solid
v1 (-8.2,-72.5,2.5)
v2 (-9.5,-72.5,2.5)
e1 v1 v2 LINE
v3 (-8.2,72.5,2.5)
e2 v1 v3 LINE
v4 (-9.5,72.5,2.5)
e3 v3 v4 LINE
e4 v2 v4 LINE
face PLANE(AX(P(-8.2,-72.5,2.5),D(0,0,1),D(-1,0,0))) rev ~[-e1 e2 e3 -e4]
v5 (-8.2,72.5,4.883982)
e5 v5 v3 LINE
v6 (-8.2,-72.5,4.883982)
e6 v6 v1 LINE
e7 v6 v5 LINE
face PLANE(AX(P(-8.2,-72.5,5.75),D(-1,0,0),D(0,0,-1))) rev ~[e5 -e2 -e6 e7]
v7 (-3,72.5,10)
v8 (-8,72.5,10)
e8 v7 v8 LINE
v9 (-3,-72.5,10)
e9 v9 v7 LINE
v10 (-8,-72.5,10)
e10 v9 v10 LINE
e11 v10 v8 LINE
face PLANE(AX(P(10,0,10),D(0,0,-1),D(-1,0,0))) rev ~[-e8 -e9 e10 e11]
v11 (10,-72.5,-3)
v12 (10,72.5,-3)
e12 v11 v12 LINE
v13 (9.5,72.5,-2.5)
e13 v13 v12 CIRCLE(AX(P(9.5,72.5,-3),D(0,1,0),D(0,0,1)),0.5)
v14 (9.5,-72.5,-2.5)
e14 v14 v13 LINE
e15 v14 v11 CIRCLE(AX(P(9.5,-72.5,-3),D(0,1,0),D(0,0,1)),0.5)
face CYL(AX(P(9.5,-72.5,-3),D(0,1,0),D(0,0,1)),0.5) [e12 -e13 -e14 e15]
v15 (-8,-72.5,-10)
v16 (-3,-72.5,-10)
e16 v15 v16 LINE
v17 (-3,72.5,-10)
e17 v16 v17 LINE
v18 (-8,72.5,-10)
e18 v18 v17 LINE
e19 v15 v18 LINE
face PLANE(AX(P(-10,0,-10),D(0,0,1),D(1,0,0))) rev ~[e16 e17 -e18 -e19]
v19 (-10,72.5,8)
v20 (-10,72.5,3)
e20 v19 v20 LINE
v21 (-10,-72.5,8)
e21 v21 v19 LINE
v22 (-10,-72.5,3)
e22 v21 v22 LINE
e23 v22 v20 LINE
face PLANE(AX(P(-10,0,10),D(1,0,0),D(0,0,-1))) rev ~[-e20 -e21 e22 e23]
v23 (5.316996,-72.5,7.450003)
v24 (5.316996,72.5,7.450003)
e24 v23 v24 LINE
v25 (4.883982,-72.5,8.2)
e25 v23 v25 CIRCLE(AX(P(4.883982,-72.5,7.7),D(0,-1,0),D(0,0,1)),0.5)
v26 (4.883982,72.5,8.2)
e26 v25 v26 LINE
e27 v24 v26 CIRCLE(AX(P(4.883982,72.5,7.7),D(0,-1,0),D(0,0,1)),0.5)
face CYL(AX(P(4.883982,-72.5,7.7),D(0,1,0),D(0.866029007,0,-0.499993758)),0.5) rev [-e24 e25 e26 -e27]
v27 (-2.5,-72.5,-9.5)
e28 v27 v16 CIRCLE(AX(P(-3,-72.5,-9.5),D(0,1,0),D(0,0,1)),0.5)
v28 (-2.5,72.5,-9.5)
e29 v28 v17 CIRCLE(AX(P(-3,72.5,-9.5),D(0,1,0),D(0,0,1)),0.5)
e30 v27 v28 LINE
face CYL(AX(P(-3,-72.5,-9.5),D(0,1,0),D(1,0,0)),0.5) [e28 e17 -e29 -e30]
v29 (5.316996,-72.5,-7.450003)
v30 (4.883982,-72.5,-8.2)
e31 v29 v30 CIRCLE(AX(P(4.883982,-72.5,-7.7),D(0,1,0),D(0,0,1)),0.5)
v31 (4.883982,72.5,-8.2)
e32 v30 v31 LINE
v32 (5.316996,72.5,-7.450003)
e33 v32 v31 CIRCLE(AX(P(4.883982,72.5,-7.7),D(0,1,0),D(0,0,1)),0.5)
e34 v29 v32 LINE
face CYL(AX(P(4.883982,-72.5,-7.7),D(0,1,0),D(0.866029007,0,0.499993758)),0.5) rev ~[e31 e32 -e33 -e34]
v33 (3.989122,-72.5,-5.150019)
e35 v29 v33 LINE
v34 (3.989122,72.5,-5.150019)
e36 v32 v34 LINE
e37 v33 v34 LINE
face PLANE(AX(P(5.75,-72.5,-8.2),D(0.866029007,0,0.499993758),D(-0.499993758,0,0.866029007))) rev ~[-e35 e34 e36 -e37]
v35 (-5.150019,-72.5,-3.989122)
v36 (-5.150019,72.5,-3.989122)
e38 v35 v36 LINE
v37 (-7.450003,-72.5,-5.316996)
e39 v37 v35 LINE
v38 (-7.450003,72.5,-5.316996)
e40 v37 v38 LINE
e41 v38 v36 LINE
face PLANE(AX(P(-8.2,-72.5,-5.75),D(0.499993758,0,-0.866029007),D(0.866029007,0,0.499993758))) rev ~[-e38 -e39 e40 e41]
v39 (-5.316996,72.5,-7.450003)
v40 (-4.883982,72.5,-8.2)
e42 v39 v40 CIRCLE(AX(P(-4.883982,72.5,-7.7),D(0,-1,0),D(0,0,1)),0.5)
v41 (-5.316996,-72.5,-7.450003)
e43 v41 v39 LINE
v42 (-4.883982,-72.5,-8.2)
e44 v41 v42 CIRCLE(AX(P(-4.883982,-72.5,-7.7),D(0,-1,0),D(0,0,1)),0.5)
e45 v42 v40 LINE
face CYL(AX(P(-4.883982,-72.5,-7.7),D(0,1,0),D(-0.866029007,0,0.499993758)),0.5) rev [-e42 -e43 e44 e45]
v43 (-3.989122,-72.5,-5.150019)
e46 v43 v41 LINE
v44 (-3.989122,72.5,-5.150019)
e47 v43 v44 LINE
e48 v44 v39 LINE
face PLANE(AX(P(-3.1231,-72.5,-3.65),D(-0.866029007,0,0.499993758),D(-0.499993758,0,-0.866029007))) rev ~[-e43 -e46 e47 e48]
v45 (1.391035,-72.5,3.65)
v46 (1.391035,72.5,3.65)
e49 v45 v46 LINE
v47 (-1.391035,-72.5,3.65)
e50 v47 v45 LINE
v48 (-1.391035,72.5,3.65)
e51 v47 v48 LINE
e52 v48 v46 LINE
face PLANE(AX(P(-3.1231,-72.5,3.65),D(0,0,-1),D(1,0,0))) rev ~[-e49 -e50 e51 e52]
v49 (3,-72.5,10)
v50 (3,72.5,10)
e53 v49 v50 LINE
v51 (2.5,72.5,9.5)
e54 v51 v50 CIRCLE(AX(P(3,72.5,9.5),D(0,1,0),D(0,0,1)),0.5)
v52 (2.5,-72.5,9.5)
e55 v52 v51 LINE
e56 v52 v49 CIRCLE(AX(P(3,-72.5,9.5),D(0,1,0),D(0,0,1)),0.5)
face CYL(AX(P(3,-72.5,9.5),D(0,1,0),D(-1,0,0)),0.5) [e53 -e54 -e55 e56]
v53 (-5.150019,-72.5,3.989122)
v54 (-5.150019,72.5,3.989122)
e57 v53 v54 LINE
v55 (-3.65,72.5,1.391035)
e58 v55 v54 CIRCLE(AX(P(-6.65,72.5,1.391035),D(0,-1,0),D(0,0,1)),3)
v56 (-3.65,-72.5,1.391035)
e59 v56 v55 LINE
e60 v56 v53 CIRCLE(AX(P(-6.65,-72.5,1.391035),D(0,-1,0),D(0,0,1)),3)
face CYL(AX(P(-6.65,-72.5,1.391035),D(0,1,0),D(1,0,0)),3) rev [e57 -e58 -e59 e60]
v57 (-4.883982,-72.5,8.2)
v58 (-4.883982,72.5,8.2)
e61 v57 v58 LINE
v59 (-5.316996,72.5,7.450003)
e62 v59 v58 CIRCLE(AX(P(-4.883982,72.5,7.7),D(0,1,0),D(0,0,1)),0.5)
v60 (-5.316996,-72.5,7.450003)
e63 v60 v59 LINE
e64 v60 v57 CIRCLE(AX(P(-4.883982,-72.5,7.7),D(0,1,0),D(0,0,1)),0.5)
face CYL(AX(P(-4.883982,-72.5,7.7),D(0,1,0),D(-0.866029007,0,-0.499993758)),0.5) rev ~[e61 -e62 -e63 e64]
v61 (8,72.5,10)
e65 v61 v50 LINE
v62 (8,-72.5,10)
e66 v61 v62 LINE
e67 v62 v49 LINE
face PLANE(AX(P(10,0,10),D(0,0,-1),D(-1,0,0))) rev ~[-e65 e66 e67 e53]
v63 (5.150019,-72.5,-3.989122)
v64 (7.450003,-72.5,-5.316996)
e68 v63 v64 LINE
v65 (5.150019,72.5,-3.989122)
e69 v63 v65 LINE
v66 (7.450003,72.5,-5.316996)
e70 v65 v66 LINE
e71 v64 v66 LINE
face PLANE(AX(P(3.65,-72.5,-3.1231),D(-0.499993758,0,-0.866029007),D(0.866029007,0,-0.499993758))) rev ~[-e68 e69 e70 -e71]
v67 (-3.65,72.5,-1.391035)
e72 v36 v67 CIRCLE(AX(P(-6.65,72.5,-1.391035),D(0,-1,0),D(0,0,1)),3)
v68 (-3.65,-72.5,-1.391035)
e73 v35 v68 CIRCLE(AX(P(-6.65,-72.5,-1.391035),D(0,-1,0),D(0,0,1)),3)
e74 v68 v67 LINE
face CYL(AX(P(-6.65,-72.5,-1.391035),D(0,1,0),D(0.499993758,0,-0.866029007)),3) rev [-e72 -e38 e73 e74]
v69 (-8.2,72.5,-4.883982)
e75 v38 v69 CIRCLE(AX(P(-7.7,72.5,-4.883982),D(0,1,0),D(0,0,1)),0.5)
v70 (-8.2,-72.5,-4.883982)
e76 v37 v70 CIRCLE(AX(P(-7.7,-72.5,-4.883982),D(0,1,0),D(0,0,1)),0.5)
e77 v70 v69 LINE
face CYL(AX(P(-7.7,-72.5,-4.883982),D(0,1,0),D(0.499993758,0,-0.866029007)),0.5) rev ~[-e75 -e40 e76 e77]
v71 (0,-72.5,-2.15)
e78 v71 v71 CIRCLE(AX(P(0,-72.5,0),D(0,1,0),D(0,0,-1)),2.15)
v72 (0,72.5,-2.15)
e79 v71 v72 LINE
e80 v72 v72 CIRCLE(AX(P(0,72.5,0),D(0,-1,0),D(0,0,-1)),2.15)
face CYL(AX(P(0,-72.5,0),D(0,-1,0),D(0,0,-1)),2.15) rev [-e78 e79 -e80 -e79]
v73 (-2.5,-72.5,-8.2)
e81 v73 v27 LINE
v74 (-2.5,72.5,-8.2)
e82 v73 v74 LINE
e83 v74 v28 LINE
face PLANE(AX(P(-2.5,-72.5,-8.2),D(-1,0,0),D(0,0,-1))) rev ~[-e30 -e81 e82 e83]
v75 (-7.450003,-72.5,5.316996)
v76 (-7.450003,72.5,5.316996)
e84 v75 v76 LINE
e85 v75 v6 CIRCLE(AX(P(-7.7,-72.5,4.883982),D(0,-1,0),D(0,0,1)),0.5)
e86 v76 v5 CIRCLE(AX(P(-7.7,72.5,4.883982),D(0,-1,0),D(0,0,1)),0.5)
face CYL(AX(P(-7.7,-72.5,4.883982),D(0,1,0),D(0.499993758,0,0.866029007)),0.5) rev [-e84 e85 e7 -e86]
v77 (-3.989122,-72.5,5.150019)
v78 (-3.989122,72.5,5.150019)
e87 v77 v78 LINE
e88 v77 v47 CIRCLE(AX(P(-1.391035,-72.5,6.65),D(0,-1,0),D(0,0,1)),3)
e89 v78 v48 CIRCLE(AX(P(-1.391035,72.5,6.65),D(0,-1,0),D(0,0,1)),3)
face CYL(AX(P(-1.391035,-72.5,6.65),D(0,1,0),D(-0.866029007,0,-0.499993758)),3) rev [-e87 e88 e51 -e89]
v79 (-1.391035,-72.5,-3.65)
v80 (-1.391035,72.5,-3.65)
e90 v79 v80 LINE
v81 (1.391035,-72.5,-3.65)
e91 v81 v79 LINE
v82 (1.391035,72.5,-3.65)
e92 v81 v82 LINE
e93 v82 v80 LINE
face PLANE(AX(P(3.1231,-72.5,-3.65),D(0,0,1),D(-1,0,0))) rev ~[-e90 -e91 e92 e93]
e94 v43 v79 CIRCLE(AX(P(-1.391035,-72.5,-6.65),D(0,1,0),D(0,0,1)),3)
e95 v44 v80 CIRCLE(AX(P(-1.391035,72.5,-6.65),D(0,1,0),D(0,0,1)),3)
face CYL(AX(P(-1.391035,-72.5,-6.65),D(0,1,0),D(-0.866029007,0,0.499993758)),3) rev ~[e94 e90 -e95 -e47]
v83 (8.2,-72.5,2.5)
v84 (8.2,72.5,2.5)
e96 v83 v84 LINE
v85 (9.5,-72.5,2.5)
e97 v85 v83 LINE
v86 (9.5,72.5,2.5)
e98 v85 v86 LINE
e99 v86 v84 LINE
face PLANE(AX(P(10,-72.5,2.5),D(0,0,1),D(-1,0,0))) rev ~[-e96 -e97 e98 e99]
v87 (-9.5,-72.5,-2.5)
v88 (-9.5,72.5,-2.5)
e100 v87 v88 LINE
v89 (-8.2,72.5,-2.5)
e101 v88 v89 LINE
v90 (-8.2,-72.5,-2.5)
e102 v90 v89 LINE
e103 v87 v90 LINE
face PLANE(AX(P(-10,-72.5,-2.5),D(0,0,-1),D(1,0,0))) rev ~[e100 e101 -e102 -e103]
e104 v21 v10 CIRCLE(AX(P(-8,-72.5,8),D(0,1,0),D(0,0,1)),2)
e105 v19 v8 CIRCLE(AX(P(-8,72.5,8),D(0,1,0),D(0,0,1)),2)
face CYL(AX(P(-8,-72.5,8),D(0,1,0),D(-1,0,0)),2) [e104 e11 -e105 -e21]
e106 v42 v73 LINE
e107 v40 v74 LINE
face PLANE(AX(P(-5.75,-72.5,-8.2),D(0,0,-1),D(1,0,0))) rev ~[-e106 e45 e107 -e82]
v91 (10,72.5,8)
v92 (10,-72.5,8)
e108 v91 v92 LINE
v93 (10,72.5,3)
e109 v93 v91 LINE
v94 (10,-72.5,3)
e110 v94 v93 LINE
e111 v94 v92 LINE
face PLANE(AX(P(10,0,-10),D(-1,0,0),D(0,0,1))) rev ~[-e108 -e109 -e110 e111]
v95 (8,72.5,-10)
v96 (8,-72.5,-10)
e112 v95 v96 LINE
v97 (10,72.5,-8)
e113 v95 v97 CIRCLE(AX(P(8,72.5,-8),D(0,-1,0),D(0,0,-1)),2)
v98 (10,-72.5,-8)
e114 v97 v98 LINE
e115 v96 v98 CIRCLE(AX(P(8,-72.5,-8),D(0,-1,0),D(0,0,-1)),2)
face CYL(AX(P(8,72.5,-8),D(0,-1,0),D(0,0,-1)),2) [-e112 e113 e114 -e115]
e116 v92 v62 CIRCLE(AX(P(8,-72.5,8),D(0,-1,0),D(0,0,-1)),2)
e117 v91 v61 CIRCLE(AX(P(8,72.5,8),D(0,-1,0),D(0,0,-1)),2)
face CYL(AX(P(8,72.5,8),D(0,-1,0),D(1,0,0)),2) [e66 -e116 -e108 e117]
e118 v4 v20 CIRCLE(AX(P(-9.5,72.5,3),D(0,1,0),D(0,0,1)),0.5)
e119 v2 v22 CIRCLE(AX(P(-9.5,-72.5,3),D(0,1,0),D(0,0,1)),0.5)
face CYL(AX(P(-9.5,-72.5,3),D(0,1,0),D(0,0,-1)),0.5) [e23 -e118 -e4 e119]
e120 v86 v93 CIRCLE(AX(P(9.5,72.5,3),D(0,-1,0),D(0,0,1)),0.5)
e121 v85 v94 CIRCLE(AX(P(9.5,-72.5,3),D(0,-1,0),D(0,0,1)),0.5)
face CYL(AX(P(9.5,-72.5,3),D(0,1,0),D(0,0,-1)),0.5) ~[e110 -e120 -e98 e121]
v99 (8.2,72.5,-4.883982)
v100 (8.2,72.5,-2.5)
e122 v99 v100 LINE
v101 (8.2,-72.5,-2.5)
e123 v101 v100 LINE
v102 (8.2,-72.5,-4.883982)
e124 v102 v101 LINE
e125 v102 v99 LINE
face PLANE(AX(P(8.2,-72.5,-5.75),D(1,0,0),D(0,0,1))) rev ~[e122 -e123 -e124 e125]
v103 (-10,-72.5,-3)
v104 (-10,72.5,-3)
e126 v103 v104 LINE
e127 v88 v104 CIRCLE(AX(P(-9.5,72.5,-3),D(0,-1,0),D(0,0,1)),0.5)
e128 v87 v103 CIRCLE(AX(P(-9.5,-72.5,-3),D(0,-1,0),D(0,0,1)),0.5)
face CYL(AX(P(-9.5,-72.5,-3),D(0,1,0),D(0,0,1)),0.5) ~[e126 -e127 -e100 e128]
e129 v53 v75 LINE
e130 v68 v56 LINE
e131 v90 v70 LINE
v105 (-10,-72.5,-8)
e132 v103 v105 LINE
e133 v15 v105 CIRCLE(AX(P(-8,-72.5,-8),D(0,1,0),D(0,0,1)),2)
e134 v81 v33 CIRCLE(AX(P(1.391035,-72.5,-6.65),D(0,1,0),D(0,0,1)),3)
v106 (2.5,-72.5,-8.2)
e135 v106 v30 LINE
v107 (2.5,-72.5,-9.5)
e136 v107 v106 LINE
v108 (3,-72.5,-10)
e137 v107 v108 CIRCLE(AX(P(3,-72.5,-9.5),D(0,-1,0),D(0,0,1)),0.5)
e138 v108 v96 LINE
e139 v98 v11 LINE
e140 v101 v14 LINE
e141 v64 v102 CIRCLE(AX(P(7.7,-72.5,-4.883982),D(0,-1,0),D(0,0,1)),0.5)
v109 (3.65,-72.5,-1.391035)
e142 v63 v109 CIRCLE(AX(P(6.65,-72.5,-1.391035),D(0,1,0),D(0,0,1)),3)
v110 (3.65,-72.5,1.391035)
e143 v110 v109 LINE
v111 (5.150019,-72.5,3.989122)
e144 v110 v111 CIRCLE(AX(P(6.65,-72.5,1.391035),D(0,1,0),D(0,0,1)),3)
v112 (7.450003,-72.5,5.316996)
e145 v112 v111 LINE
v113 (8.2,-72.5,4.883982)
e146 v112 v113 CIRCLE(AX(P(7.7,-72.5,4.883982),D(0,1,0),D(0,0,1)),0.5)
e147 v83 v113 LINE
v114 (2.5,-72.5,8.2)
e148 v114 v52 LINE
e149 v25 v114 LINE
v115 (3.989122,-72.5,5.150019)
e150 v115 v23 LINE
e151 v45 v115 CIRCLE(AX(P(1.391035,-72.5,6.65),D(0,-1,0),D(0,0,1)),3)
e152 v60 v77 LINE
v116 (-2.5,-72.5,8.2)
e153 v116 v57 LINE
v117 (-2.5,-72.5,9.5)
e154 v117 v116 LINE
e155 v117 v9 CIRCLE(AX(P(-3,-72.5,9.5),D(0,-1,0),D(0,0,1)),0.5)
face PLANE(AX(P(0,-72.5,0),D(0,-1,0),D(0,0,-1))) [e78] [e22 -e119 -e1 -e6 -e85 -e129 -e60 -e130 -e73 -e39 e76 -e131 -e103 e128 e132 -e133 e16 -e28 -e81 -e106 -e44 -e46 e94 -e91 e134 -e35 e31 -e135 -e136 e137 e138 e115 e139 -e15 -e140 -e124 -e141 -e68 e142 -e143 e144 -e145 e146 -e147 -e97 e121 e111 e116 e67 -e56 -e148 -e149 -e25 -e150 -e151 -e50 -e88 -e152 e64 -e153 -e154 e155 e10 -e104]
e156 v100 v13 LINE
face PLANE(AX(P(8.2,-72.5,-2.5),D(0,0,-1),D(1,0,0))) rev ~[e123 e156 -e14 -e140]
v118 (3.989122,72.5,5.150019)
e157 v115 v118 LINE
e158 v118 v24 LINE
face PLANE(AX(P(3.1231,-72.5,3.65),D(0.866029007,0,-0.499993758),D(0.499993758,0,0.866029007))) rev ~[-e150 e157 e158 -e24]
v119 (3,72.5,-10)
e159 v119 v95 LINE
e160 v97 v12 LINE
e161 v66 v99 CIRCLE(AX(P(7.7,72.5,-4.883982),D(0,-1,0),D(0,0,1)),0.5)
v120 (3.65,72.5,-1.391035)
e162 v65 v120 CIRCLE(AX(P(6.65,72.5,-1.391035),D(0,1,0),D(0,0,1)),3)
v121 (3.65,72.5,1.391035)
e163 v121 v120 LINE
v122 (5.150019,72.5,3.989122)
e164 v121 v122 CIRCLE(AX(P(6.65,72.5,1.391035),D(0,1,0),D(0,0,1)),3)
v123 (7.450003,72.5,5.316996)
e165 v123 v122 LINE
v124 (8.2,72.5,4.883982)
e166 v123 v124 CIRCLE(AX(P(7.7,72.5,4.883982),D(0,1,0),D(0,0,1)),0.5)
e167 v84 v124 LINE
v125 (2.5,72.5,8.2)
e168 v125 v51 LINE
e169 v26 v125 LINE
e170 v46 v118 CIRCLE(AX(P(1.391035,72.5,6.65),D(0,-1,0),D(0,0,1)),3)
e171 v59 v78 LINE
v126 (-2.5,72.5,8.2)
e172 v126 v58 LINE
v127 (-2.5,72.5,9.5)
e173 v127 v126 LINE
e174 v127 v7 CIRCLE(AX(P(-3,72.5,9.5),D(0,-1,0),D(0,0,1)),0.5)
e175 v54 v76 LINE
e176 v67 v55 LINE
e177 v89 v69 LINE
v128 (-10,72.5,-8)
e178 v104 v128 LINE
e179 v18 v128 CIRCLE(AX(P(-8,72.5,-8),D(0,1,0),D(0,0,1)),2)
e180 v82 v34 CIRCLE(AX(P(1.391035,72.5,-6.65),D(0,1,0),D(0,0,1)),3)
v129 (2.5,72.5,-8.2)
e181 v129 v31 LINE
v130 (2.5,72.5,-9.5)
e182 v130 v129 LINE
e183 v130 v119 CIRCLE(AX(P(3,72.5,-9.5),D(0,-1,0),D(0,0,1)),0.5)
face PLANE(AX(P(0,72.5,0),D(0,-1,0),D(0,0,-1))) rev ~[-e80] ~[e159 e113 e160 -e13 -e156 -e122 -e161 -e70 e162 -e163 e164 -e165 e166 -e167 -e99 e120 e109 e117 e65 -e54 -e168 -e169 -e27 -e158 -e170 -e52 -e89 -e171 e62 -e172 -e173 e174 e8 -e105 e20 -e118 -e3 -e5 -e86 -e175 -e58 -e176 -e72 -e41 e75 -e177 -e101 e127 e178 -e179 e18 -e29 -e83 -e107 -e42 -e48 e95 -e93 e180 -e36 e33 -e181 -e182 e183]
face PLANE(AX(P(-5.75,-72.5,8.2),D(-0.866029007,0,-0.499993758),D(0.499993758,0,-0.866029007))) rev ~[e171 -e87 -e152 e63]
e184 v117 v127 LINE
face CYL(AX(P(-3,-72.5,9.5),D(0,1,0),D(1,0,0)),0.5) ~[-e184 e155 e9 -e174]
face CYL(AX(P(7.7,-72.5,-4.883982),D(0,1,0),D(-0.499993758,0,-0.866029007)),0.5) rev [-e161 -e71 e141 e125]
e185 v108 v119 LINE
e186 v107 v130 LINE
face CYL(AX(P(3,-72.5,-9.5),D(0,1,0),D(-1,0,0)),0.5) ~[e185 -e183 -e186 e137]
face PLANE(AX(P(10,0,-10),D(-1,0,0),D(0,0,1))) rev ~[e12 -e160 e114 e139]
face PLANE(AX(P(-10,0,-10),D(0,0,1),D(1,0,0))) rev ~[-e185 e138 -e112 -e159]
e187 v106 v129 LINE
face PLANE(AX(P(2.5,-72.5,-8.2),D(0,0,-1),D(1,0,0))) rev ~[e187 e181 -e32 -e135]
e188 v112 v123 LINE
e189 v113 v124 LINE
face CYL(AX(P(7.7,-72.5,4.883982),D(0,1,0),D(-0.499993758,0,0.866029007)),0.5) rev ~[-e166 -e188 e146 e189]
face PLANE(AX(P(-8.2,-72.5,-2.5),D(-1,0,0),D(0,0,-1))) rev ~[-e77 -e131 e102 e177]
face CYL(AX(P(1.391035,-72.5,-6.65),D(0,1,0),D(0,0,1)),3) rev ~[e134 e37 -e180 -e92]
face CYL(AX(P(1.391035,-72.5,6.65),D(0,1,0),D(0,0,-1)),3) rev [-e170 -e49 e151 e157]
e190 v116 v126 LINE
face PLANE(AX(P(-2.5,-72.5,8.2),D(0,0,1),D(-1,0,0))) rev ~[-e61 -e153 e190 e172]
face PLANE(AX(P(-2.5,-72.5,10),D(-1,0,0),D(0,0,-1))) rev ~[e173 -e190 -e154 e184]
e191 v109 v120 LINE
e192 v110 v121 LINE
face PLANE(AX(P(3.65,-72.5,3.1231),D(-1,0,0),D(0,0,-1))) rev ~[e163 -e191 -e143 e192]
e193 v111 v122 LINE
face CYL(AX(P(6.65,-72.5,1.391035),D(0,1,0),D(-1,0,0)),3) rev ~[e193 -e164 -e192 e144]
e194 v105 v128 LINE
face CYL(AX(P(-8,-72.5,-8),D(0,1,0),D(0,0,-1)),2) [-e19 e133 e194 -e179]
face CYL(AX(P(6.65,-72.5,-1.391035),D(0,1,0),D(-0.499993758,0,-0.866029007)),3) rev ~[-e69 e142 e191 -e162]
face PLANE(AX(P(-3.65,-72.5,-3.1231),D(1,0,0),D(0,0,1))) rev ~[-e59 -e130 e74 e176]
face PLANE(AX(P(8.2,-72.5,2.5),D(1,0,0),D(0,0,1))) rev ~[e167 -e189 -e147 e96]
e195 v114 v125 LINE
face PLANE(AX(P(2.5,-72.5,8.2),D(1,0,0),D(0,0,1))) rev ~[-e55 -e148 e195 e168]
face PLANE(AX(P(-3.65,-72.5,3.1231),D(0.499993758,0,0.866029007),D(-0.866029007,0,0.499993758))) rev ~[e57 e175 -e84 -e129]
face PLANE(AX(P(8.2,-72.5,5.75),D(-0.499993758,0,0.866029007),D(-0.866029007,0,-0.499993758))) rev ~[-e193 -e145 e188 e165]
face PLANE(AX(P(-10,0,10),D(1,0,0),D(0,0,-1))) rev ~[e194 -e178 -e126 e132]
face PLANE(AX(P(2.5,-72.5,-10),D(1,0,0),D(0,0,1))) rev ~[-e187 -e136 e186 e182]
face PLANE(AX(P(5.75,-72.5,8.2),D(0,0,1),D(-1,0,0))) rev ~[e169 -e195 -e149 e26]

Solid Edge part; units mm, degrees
sketch "Sketch1" plane through (0, 0, 0) normal (0, -1, 0) x (1, 0, 0)
  line L0 (-10, -10) -> (10, -10)
  line L1 (10, -10) -> (10, 10)
  line L2 (10, 10) -> (-10, 10)
  line L3 (-10, 10) -> (-10, -10)
  dimension "D1" = 20
  dimension "D2" = 20
extrude "Protrusion1" add sketch "Sketch1" along normal mid plane 145
sketch "Sketch2" plane through (0, -72.5, 0) normal (0, -1, 0) x (1, 0, 0)
  line L0 (-2.5, 10) -> (-2.5, 8.2)
  line L1 (-2.5, 8.2) -> (-5.75, 8.2)
  line L2 (-5.75, 8.2) -> (-3.1231, 3.65)
  line L3 (-3.1231, 3.65) -> (3.1231, 3.65)
  line L4 (3.1231, 3.65) -> (5.75, 8.2)
  line L5 (5.75, 8.2) -> (2.5, 8.2)
  line L6 (2.5, 8.2) -> (2.5, 10)
  line L7 (2.5, 10) -> (-2.5, 10)
  dimension "D1" = 11.5
  dimension "D2" = 1.8
  dimension "D3" = 5
  dimension "D4" = 6.35
extrude "Cutout1" cut sketch "Sketch2" against normal through all
fillet "Verrundung_1" radius 2 4 edges at (10, 0, 10) (-10, 0, 10) (10, 0, -10) (-10, 0, -10)
fillet "Verrundung_2" radius 3 2 edges at (-3.1231, 0, 3.65) (3.1231, 0, 3.65)
fillet "Verrundung_3" radius 0.5 4 edges at (-5.75, 0, 8.2) (5.75, 0, 8.2) (-2.5, 0, 10) (2.5, 0, 10)
hole "Bohrung_1" at (0, -72.5, 0) direction (0, 1, 0) diameter 4.3 end up to next
pattern_circular "Pattern1" count 4 over 360 about axis through (0, -72.5, 0) along (0, -1, 0) of "Cutout1"
fillet "Round1" radius 3 2 edges at (-3.65, 0, -3.1231) (-3.65, 0, 3.1231)
fillet "Round2" radius 0.5 4 edges at (-8.2, 0, -5.75) (-8.2, 0, 5.75) (-10, 0, -2.5) (-10, 0, 2.5)
fillet "Round3" radius 3 2 edges at (3.1231, 0, -3.65) (-3.1231, 0, -3.65)
fillet "Round4" radius 0.5 4 edges at (5.75, 0, -8.2) (-5.75, 0, -8.2) (2.5, 0, -10) (-2.5, 0, -10)
fillet "Round5" radius 3 2 edges at (3.65, 0, 3.1231) (3.65, 0, -3.1231)
fillet "Round6" radius 0.5 4 edges at (8.2, 0, 5.75) (8.2, 0, -5.75) (10, 0, 2.5) (10, 0, -2.5)
